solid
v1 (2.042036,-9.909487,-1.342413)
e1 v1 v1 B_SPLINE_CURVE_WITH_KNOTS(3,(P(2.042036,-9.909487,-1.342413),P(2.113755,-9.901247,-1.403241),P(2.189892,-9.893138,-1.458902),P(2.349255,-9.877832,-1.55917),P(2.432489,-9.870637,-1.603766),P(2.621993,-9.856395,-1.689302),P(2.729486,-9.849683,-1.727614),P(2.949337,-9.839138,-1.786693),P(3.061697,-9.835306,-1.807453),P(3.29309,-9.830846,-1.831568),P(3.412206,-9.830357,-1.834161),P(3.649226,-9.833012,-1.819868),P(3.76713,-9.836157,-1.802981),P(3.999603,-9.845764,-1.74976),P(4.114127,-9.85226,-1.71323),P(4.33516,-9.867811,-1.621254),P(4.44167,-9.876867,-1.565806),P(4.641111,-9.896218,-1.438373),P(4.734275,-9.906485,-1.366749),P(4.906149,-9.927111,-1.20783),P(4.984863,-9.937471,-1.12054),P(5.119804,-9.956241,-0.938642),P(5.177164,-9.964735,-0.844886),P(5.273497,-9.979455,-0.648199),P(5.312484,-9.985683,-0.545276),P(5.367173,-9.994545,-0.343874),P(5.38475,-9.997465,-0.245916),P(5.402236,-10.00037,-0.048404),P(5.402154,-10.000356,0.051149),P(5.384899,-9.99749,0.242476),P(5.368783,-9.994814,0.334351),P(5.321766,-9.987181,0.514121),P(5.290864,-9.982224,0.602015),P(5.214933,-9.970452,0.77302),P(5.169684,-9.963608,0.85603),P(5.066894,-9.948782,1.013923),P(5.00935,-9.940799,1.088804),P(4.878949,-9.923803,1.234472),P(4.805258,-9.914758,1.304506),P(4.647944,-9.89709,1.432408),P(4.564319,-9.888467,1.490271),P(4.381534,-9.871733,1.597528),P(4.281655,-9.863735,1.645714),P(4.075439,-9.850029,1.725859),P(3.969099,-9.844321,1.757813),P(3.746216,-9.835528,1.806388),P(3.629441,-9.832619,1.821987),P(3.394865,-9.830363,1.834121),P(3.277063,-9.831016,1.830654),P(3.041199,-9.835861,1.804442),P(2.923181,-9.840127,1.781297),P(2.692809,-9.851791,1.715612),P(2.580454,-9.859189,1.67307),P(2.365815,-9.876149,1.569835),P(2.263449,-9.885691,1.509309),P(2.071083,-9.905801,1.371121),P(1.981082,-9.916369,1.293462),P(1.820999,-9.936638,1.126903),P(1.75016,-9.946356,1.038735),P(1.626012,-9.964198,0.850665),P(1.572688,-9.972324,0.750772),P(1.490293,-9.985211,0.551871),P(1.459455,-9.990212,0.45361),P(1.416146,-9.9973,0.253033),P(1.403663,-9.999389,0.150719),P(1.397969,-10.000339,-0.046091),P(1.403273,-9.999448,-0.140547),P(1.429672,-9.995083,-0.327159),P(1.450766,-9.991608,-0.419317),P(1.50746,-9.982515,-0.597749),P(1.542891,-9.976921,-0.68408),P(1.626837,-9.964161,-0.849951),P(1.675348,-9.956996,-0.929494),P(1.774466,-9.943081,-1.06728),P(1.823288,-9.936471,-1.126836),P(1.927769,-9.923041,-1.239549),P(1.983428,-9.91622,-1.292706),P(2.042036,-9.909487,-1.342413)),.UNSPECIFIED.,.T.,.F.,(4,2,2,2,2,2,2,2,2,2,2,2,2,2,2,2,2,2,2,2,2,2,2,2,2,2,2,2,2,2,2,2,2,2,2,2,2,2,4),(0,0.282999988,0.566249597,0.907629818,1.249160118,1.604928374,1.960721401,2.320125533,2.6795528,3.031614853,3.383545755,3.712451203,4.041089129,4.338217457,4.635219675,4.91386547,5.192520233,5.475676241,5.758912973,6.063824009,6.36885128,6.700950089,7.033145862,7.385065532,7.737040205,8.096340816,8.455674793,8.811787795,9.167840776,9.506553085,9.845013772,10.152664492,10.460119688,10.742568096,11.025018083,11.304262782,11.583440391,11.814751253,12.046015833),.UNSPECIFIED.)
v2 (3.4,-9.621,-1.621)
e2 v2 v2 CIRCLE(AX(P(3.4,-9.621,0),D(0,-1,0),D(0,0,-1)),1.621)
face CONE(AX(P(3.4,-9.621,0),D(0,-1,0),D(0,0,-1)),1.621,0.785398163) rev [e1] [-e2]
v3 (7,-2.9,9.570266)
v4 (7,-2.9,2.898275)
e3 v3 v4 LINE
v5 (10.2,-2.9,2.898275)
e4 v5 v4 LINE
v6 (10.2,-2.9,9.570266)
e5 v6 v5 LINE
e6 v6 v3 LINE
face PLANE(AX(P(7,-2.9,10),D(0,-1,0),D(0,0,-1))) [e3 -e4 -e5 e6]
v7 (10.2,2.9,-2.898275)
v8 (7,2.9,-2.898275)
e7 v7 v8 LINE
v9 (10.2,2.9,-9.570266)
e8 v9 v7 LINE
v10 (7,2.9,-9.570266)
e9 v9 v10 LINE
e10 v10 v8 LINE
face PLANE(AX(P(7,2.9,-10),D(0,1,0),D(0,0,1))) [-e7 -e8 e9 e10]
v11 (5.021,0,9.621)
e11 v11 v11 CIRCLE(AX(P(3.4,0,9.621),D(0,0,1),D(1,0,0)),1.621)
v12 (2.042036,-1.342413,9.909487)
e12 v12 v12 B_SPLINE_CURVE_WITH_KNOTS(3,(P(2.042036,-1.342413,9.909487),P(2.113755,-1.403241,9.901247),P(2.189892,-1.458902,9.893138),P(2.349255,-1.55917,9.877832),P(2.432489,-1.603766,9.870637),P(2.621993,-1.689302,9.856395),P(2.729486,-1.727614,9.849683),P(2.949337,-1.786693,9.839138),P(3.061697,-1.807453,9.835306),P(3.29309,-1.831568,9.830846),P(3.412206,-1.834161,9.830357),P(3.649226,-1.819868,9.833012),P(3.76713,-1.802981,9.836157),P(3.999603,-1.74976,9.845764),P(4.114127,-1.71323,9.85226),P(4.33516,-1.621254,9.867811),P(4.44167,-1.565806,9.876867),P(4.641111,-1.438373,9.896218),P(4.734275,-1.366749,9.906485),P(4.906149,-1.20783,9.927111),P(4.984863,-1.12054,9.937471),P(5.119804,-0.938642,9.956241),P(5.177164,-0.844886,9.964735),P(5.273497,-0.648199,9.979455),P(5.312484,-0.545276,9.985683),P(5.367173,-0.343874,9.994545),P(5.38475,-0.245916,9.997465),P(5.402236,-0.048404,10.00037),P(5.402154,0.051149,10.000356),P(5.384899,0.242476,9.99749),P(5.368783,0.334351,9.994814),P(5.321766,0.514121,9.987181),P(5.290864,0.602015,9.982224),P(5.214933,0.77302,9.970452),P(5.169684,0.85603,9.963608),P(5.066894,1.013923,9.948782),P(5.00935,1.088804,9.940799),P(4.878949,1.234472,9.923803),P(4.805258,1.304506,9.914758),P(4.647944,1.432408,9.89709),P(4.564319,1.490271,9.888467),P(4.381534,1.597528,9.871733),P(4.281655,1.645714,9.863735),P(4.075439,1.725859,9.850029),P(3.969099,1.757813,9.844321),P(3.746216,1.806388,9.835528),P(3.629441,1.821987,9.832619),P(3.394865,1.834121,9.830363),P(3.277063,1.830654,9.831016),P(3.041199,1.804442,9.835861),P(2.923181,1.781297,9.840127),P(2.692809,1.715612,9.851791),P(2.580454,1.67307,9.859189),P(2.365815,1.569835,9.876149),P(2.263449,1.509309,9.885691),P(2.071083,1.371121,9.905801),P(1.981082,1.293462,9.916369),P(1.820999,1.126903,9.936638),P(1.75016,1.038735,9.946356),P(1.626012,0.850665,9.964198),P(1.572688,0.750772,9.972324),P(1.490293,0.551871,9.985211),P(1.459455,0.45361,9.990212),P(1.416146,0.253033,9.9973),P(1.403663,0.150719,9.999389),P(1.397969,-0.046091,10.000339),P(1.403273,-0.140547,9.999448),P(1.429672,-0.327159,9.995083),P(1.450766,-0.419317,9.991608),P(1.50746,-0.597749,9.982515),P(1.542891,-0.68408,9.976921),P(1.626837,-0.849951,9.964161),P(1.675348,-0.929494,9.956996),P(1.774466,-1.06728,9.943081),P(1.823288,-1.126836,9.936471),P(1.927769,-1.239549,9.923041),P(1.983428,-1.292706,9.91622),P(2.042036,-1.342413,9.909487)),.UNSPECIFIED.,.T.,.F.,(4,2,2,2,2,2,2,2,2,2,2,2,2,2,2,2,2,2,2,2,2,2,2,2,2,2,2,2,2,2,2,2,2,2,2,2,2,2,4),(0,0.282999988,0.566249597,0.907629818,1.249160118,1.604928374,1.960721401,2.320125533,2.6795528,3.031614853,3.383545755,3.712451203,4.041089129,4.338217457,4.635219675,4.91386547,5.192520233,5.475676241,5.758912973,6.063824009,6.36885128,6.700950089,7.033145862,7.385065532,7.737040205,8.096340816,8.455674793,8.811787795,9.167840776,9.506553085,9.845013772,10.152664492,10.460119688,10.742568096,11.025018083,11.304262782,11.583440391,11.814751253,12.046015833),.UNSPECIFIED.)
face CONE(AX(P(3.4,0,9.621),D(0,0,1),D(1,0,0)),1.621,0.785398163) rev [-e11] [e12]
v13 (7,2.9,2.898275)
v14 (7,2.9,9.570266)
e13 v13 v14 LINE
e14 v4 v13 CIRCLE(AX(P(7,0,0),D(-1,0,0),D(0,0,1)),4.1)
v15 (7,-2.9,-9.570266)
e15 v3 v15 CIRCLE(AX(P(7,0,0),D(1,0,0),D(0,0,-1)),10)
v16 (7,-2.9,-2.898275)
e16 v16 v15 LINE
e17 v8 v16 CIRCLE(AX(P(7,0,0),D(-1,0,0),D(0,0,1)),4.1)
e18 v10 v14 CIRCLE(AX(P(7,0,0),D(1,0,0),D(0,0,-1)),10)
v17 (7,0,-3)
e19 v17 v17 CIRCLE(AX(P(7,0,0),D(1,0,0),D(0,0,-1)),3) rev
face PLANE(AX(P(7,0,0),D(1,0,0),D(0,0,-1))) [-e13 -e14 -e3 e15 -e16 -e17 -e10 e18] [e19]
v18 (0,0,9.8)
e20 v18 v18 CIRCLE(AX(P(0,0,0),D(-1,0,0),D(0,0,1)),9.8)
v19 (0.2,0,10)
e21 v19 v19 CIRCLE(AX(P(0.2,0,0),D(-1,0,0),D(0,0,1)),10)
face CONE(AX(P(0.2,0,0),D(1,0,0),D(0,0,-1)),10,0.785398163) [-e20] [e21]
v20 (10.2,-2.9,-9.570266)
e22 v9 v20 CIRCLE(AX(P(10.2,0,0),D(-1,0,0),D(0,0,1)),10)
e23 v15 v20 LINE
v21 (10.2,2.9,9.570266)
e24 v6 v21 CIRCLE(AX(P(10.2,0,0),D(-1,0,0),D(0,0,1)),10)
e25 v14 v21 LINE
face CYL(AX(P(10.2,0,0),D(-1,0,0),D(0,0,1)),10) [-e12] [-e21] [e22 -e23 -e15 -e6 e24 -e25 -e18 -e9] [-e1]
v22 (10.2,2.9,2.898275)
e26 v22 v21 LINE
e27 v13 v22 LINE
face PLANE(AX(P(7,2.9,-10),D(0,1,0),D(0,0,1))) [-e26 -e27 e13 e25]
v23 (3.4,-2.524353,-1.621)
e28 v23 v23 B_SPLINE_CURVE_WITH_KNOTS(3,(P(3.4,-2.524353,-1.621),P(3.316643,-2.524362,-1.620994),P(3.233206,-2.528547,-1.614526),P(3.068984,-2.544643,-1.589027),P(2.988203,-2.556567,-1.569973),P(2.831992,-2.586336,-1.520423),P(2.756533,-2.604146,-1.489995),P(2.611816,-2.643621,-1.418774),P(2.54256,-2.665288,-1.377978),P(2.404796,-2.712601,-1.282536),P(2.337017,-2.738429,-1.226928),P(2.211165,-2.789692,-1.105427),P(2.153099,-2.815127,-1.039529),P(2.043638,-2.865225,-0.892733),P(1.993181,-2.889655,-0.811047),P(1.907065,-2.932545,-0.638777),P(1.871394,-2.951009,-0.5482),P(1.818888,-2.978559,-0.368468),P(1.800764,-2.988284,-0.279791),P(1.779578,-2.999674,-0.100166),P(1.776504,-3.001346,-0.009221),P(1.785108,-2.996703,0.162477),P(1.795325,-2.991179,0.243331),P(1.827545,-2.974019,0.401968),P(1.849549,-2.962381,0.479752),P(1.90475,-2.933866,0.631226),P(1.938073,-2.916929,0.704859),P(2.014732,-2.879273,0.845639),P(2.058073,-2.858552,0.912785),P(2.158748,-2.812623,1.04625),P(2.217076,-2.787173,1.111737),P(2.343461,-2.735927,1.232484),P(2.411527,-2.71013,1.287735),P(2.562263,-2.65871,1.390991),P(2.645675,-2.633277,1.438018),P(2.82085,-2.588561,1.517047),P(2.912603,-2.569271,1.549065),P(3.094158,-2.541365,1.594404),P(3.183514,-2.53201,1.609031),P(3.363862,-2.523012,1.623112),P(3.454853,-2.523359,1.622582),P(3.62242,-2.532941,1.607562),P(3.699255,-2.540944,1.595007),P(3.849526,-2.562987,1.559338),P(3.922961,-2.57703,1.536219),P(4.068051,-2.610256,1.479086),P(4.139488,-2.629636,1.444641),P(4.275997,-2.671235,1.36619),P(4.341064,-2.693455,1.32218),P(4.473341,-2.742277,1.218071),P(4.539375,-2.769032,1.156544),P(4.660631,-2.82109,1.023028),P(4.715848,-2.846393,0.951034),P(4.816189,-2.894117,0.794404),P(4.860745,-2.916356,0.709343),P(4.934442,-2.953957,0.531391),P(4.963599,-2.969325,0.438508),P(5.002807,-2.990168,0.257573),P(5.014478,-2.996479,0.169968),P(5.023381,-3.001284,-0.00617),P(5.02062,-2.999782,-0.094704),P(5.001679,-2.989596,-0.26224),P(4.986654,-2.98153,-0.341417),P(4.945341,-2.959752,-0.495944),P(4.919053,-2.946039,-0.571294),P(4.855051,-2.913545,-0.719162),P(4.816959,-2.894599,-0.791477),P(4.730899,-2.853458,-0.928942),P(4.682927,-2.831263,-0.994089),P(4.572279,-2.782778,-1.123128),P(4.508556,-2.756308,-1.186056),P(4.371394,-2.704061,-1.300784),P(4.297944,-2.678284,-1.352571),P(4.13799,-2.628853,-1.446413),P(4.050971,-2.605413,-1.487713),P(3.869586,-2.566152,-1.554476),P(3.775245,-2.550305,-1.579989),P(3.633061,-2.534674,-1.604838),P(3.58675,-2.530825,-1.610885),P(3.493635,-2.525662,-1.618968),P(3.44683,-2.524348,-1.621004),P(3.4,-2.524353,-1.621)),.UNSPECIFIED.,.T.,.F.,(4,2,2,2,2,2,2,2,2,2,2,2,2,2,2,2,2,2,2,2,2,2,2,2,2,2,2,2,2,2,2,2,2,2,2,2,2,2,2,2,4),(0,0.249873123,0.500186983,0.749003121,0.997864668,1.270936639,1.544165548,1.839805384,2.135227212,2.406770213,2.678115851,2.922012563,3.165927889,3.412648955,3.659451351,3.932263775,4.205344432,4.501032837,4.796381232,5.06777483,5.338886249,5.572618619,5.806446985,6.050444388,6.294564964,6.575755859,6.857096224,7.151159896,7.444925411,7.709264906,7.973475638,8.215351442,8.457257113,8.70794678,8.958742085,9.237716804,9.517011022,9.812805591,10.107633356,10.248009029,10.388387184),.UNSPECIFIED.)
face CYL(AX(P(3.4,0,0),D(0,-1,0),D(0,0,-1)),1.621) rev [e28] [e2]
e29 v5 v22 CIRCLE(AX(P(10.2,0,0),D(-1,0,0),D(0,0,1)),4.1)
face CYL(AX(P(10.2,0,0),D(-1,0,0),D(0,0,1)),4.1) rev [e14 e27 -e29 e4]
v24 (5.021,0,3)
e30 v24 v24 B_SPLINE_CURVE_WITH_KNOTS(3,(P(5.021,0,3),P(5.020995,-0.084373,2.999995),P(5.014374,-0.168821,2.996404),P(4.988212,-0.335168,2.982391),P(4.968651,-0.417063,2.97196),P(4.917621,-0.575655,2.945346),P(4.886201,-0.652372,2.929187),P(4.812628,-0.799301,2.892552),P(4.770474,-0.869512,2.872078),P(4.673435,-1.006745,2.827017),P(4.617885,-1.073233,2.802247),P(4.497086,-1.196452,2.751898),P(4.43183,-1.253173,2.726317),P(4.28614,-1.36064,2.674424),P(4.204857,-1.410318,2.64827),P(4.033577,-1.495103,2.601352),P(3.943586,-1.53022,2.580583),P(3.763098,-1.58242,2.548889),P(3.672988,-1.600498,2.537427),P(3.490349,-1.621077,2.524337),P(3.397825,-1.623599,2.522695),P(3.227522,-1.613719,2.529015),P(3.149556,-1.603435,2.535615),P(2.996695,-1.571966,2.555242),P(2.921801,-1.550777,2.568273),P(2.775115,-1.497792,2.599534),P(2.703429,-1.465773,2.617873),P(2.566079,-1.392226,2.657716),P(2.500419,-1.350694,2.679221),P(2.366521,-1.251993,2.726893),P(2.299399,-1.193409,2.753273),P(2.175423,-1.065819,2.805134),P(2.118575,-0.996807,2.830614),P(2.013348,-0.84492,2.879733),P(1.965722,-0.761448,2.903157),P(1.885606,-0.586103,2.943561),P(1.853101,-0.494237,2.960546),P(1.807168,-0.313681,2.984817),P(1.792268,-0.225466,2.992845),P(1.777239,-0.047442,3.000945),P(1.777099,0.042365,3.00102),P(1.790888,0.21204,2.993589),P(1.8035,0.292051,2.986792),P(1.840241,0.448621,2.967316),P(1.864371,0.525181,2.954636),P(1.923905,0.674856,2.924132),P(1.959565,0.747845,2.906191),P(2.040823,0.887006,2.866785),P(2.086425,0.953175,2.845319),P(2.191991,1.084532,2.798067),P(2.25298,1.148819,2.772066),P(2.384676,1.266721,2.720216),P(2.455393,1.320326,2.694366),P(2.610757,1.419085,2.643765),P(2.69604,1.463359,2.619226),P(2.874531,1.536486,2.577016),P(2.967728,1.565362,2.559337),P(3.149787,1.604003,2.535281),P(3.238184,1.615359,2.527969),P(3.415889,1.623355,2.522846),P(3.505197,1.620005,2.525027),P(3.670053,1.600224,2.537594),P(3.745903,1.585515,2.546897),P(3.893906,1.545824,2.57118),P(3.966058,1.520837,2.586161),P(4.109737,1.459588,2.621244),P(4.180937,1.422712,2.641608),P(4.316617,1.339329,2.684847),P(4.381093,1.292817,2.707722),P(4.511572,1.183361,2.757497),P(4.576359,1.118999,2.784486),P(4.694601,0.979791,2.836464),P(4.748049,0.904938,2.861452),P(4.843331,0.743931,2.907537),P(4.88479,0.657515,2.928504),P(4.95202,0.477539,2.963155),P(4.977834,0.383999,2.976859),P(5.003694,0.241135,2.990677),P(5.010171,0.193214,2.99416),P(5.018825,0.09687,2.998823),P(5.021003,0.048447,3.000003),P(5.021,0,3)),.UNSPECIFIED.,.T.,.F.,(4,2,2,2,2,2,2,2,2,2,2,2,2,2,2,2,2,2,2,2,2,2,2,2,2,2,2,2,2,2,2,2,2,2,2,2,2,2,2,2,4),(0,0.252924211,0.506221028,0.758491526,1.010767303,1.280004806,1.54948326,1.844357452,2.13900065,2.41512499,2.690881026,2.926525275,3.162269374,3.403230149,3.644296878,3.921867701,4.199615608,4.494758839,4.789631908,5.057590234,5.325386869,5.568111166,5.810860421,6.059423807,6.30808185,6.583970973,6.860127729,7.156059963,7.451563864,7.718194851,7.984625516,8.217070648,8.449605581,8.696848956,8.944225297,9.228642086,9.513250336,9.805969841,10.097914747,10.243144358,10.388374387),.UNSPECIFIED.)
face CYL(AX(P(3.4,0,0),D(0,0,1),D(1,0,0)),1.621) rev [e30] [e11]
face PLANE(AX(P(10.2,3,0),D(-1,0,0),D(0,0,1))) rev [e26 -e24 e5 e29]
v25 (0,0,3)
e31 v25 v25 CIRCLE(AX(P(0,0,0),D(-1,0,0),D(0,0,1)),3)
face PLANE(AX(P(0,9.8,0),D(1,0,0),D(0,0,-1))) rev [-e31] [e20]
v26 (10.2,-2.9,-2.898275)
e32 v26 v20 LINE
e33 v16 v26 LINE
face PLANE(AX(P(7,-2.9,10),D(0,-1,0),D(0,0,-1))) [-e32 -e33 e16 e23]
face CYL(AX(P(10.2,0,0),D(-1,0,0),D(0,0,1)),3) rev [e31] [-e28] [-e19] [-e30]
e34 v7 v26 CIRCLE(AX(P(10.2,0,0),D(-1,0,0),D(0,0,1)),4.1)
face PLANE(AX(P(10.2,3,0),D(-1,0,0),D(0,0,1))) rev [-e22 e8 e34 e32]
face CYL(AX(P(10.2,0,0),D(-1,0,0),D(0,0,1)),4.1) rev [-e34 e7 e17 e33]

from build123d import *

# Parameters (mm, degrees)
SKETCH2_W          = 3.2
SKETCH2_H          = 4.1
SKETCH3_W          = 22
SKETCH3_H          = 21
SKETCH3_W_2        = 20
SKETCH3_H_2        = 5.8
CUT_EXTRUDE1_DEPTH = 3.2


with BuildPart() as part:
    # Sketch1 → Revolve1 (revolve)
    with BuildSketch(Plane.XY):
        Polygon((0, 9.8), (0, 3), (10.2, 3), (10.2, 10), (0.2, 10), align=None)
    revolve(axis=Axis((10.2, 0, 0), (-1, 0, 0)))

    # Sketch2 → Cut-Revolve1 (revolve, cut)
    with BuildSketch(Plane.XY):
        with Locations((8.6, 2.05)):
            Rectangle(SKETCH2_W, SKETCH2_H)
    revolve(axis=Axis((10.2, 0, 0), (-1, 0, 0)), mode=Mode.SUBTRACT)

    # Sketch3 → Cut-Extrude1 (cut)
    with BuildSketch(Plane(origin=(10.2, 0, 0), x_dir=(0, 0, -1), z_dir=(1, 0, 0))):
        Rectangle(SKETCH3_W, SKETCH3_H)
        Rectangle(SKETCH3_W_2, SKETCH3_H_2, mode=Mode.SUBTRACT)
    extrude(amount=-CUT_EXTRUDE1_DEPTH, mode=Mode.SUBTRACT)

    # Sketch4 → Cut-Revolve2 (revolve, cut)
    with BuildSketch(Plane(origin=(3.4, 0, 0), x_dir=(0, 0, -1), z_dir=(1, 0, 0))):
        Polygon((-10, 0), (-10, 2), (-9.621, 1.621), (0, 1.621), (0, 0), align=None)
    revolve(axis=Axis((3.4, 0, 0), (0, 0, 1)), mode=Mode.SUBTRACT)

    # Sketch5 → Cut-Revolve3 (revolve, cut)
    with BuildSketch(Plane(origin=(3.4, 0, 0), x_dir=(0, 0, -1), z_dir=(1, 0, 0))):
        Polygon((0, -10), (-2, -10), (-1.621, -9.621), (-1.621, 0), (0, 0), align=None)
    revolve(axis=Axis((3.4, 0, 0), (0, -1, 0)), mode=Mode.SUBTRACT)


solid = part.part
